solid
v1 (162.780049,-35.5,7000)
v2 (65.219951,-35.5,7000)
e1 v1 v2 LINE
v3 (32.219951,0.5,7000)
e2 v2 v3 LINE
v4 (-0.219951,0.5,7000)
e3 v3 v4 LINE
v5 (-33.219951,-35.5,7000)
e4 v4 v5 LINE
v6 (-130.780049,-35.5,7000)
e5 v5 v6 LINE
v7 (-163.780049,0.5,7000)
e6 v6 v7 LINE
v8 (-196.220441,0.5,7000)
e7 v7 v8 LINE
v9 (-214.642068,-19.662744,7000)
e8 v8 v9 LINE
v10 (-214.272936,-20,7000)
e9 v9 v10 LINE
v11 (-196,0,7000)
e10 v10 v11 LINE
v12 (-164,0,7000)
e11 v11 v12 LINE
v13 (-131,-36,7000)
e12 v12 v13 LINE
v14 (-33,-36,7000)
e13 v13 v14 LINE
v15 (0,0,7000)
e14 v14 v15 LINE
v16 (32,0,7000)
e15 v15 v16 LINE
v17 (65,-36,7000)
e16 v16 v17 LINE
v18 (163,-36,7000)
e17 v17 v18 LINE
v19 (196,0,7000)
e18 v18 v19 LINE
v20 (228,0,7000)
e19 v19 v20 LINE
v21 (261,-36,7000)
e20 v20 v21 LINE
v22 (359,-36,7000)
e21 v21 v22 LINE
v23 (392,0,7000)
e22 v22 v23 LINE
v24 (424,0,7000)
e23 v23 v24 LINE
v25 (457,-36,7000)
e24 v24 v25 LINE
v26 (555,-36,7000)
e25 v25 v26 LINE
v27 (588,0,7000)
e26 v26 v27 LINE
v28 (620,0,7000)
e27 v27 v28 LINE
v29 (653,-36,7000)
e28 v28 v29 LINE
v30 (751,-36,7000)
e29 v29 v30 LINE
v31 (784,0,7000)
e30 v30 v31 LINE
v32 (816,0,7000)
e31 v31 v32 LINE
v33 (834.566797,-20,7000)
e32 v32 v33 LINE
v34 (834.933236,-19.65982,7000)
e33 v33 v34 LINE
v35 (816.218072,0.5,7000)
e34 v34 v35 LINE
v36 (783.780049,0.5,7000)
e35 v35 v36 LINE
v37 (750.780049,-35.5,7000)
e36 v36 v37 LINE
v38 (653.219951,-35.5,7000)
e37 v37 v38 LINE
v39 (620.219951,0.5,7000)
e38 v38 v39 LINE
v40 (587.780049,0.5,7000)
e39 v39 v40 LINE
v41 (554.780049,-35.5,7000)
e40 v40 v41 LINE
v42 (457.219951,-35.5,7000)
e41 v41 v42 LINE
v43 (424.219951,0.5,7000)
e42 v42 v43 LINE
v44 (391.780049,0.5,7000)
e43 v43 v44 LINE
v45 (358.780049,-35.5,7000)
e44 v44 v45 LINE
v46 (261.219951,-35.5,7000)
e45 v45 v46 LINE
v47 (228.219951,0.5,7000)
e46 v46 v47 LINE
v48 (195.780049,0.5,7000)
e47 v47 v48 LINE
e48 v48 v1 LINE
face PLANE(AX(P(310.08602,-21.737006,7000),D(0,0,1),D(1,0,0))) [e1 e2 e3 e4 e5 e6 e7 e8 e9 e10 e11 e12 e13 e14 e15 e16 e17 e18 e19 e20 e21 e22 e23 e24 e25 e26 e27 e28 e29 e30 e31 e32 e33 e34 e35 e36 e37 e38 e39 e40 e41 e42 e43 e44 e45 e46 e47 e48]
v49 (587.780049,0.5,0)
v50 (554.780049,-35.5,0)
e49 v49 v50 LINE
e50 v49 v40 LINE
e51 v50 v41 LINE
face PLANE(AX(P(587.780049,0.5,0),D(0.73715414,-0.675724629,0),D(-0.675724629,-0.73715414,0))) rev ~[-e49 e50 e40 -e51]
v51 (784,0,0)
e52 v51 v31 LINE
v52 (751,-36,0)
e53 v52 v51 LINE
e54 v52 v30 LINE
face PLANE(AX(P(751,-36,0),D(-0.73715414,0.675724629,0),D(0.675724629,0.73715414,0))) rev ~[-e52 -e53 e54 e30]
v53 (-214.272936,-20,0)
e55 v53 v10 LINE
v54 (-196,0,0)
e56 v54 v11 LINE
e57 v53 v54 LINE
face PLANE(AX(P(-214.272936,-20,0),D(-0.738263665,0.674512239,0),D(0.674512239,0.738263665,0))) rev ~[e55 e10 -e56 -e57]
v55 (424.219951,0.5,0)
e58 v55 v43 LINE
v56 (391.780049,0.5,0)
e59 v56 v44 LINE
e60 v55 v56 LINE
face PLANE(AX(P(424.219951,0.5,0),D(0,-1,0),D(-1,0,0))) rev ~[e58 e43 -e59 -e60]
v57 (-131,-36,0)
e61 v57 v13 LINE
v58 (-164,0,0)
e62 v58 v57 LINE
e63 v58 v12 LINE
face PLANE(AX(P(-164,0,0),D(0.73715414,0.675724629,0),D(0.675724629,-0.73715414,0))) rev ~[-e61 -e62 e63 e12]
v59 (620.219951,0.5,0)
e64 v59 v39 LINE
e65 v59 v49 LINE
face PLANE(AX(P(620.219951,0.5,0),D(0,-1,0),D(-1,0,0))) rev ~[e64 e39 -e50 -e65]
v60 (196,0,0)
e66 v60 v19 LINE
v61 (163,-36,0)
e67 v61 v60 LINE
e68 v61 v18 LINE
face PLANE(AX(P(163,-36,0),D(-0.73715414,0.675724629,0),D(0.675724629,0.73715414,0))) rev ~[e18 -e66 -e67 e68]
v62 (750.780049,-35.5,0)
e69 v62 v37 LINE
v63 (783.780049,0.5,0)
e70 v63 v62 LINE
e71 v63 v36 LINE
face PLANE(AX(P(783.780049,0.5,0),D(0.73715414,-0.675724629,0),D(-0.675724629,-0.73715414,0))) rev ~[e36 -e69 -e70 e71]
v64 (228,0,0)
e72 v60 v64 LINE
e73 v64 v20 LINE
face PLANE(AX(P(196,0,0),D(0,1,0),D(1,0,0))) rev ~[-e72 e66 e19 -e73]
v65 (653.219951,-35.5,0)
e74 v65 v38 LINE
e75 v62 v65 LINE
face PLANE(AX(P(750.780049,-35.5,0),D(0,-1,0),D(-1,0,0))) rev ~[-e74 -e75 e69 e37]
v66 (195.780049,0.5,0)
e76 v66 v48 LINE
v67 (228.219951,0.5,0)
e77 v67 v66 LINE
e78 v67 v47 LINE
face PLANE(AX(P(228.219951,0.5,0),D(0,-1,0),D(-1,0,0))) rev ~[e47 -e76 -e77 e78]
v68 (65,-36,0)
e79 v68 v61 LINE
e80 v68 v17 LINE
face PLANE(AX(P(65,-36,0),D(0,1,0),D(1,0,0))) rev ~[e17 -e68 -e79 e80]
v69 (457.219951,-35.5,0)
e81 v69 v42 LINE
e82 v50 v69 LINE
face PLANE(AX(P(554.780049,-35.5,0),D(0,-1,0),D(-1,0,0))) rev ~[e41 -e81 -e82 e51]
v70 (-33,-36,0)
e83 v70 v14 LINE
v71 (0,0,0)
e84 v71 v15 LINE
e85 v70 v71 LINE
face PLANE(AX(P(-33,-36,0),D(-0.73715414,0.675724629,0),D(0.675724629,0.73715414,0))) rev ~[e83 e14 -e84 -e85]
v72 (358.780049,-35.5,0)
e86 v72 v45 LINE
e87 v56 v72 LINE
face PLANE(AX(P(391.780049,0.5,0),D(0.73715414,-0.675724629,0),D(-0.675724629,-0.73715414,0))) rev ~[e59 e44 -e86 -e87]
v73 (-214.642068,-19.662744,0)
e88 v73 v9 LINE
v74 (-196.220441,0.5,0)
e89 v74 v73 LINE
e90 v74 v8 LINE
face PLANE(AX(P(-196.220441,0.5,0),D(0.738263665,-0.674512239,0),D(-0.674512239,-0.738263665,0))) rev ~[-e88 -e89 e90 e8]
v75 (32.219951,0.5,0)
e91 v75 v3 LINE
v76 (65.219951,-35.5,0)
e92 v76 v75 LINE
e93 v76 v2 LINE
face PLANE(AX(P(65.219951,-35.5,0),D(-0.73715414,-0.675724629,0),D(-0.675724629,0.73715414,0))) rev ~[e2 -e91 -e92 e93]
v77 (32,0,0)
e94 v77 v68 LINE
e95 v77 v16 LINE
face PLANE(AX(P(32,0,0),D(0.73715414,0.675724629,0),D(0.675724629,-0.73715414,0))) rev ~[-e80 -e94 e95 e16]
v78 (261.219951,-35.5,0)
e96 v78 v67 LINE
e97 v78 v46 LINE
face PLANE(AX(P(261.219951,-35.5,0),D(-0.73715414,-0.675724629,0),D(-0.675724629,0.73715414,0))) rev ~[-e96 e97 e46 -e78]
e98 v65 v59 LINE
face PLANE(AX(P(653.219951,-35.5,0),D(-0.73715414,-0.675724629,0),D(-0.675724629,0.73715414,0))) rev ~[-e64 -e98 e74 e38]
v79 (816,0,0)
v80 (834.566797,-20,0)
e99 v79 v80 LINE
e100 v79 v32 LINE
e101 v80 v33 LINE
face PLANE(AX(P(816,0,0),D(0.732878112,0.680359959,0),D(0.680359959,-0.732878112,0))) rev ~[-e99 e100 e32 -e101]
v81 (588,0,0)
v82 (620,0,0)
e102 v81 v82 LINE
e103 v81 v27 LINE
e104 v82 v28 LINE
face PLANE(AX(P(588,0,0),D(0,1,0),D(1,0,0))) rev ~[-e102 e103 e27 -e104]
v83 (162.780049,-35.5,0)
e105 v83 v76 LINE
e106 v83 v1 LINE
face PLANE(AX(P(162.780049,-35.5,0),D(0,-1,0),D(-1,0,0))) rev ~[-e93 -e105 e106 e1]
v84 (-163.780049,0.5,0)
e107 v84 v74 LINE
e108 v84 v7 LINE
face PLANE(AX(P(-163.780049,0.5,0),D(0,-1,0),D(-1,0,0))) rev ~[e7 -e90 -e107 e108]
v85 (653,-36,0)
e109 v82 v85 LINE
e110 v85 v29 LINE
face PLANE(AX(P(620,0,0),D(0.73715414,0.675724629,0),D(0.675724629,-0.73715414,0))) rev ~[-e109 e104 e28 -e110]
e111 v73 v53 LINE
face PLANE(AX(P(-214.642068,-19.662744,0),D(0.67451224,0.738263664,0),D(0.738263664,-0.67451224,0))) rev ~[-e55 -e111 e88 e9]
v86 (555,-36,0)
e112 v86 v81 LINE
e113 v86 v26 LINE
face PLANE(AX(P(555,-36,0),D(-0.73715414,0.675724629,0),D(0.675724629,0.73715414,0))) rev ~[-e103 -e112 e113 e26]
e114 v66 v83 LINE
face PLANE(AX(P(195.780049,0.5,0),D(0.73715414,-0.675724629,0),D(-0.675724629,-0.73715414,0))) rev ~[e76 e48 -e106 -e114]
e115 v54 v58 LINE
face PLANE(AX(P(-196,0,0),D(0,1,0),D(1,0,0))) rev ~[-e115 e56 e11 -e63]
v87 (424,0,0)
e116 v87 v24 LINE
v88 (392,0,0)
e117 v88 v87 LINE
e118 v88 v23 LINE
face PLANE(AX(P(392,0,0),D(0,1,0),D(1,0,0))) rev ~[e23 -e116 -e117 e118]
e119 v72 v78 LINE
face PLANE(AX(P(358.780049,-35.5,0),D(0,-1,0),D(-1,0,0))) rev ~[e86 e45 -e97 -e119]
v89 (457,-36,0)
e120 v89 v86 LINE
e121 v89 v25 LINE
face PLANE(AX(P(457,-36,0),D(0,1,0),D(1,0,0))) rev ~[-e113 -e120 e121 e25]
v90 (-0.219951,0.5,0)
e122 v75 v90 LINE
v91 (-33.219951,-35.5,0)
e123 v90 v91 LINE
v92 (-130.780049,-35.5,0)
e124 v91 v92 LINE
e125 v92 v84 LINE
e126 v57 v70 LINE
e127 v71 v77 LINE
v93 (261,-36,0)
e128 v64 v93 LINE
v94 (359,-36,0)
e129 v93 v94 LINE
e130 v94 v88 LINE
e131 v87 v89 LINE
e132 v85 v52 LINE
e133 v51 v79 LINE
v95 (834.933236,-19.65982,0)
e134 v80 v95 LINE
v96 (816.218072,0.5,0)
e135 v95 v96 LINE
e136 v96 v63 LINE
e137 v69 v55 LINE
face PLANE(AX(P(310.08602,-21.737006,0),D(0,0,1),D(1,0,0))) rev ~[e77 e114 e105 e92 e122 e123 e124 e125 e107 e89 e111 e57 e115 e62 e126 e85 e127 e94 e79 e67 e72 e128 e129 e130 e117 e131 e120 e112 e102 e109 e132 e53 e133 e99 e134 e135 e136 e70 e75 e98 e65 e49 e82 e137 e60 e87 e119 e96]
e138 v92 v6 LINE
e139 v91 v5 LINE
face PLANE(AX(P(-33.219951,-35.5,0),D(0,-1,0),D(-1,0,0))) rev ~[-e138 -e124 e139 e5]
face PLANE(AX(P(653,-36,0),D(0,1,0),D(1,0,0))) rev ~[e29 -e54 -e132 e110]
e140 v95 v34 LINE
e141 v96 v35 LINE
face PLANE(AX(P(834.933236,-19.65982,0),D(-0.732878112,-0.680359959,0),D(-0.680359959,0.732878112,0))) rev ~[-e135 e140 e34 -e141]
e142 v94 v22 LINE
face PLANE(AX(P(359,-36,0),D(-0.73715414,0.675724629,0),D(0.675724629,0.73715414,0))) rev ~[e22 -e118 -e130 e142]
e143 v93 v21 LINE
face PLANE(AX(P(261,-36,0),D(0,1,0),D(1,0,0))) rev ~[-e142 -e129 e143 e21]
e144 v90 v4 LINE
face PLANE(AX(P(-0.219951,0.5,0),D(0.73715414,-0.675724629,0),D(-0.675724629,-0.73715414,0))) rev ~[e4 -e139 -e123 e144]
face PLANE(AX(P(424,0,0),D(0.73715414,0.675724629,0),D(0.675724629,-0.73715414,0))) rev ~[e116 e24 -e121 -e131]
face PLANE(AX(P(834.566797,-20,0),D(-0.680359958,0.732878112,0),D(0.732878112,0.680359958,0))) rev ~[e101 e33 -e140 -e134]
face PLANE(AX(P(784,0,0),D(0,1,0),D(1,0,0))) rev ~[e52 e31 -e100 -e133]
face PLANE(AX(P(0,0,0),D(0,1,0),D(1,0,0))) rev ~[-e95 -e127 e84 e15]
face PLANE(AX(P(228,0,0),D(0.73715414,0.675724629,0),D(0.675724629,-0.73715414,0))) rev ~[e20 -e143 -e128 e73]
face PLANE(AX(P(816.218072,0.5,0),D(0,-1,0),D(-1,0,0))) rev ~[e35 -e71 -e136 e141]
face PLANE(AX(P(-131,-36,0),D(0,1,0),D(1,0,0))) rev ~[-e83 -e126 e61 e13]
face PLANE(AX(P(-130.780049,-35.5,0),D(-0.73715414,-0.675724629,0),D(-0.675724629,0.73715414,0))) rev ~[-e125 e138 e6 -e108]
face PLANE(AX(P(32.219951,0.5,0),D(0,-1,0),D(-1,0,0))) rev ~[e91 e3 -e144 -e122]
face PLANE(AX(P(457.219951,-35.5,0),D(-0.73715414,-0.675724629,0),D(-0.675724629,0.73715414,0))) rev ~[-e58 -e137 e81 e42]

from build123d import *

# Parameters (mm, degrees)
EXTRUS_O_FINA1_DEPTH = 7000


with BuildPart() as part:
    # Esboço1 → Extrusão-Fina1 (new body)
    with BuildSketch(Plane.XY):
        Polygon((-214.272936105, -20), (-196, 0), (-164, 0), (-131, -36), (-33, -36), (0, 0), (32, 0), (65, -36), (163, -36), (196, 0), (228, 0), (261, -36), (359, -36), (392, 0), (424, 0), (457, -36), (555, -36), (588, 0), (620, 0), (653, -36), (751, -36), (784, 0), (816, 0), (834.566797067, -20), (834.933236123, -19.659820021), (816.218071761, 0.5), (783.780049142, 0.5), (750.780049142, -35.5), (653.219950858, -35.5), (620.219950858, 0.5), (587.780049142, 0.5), (554.780049142, -35.5), (457.219950858, -35.5), (424.219950858, 0.5), (391.780049142, 0.5), (358.780049142, -35.5), (261.219950858, -35.5), (228.219950858, 0.5), (195.780049142, 0.5), (162.780049142, -35.5), (65.219950858, -35.5), (32.219950858, 0.5), (-0.219950858, 0.5), (-33.219950858, -35.5), (-130.780049142, -35.5), (-163.780049142, 0.5), (-196.220441406, 0.5), (-214.642067937, -19.66274388), align=None)
    extrude(amount=EXTRUS_O_FINA1_DEPTH)


solid = part.part
